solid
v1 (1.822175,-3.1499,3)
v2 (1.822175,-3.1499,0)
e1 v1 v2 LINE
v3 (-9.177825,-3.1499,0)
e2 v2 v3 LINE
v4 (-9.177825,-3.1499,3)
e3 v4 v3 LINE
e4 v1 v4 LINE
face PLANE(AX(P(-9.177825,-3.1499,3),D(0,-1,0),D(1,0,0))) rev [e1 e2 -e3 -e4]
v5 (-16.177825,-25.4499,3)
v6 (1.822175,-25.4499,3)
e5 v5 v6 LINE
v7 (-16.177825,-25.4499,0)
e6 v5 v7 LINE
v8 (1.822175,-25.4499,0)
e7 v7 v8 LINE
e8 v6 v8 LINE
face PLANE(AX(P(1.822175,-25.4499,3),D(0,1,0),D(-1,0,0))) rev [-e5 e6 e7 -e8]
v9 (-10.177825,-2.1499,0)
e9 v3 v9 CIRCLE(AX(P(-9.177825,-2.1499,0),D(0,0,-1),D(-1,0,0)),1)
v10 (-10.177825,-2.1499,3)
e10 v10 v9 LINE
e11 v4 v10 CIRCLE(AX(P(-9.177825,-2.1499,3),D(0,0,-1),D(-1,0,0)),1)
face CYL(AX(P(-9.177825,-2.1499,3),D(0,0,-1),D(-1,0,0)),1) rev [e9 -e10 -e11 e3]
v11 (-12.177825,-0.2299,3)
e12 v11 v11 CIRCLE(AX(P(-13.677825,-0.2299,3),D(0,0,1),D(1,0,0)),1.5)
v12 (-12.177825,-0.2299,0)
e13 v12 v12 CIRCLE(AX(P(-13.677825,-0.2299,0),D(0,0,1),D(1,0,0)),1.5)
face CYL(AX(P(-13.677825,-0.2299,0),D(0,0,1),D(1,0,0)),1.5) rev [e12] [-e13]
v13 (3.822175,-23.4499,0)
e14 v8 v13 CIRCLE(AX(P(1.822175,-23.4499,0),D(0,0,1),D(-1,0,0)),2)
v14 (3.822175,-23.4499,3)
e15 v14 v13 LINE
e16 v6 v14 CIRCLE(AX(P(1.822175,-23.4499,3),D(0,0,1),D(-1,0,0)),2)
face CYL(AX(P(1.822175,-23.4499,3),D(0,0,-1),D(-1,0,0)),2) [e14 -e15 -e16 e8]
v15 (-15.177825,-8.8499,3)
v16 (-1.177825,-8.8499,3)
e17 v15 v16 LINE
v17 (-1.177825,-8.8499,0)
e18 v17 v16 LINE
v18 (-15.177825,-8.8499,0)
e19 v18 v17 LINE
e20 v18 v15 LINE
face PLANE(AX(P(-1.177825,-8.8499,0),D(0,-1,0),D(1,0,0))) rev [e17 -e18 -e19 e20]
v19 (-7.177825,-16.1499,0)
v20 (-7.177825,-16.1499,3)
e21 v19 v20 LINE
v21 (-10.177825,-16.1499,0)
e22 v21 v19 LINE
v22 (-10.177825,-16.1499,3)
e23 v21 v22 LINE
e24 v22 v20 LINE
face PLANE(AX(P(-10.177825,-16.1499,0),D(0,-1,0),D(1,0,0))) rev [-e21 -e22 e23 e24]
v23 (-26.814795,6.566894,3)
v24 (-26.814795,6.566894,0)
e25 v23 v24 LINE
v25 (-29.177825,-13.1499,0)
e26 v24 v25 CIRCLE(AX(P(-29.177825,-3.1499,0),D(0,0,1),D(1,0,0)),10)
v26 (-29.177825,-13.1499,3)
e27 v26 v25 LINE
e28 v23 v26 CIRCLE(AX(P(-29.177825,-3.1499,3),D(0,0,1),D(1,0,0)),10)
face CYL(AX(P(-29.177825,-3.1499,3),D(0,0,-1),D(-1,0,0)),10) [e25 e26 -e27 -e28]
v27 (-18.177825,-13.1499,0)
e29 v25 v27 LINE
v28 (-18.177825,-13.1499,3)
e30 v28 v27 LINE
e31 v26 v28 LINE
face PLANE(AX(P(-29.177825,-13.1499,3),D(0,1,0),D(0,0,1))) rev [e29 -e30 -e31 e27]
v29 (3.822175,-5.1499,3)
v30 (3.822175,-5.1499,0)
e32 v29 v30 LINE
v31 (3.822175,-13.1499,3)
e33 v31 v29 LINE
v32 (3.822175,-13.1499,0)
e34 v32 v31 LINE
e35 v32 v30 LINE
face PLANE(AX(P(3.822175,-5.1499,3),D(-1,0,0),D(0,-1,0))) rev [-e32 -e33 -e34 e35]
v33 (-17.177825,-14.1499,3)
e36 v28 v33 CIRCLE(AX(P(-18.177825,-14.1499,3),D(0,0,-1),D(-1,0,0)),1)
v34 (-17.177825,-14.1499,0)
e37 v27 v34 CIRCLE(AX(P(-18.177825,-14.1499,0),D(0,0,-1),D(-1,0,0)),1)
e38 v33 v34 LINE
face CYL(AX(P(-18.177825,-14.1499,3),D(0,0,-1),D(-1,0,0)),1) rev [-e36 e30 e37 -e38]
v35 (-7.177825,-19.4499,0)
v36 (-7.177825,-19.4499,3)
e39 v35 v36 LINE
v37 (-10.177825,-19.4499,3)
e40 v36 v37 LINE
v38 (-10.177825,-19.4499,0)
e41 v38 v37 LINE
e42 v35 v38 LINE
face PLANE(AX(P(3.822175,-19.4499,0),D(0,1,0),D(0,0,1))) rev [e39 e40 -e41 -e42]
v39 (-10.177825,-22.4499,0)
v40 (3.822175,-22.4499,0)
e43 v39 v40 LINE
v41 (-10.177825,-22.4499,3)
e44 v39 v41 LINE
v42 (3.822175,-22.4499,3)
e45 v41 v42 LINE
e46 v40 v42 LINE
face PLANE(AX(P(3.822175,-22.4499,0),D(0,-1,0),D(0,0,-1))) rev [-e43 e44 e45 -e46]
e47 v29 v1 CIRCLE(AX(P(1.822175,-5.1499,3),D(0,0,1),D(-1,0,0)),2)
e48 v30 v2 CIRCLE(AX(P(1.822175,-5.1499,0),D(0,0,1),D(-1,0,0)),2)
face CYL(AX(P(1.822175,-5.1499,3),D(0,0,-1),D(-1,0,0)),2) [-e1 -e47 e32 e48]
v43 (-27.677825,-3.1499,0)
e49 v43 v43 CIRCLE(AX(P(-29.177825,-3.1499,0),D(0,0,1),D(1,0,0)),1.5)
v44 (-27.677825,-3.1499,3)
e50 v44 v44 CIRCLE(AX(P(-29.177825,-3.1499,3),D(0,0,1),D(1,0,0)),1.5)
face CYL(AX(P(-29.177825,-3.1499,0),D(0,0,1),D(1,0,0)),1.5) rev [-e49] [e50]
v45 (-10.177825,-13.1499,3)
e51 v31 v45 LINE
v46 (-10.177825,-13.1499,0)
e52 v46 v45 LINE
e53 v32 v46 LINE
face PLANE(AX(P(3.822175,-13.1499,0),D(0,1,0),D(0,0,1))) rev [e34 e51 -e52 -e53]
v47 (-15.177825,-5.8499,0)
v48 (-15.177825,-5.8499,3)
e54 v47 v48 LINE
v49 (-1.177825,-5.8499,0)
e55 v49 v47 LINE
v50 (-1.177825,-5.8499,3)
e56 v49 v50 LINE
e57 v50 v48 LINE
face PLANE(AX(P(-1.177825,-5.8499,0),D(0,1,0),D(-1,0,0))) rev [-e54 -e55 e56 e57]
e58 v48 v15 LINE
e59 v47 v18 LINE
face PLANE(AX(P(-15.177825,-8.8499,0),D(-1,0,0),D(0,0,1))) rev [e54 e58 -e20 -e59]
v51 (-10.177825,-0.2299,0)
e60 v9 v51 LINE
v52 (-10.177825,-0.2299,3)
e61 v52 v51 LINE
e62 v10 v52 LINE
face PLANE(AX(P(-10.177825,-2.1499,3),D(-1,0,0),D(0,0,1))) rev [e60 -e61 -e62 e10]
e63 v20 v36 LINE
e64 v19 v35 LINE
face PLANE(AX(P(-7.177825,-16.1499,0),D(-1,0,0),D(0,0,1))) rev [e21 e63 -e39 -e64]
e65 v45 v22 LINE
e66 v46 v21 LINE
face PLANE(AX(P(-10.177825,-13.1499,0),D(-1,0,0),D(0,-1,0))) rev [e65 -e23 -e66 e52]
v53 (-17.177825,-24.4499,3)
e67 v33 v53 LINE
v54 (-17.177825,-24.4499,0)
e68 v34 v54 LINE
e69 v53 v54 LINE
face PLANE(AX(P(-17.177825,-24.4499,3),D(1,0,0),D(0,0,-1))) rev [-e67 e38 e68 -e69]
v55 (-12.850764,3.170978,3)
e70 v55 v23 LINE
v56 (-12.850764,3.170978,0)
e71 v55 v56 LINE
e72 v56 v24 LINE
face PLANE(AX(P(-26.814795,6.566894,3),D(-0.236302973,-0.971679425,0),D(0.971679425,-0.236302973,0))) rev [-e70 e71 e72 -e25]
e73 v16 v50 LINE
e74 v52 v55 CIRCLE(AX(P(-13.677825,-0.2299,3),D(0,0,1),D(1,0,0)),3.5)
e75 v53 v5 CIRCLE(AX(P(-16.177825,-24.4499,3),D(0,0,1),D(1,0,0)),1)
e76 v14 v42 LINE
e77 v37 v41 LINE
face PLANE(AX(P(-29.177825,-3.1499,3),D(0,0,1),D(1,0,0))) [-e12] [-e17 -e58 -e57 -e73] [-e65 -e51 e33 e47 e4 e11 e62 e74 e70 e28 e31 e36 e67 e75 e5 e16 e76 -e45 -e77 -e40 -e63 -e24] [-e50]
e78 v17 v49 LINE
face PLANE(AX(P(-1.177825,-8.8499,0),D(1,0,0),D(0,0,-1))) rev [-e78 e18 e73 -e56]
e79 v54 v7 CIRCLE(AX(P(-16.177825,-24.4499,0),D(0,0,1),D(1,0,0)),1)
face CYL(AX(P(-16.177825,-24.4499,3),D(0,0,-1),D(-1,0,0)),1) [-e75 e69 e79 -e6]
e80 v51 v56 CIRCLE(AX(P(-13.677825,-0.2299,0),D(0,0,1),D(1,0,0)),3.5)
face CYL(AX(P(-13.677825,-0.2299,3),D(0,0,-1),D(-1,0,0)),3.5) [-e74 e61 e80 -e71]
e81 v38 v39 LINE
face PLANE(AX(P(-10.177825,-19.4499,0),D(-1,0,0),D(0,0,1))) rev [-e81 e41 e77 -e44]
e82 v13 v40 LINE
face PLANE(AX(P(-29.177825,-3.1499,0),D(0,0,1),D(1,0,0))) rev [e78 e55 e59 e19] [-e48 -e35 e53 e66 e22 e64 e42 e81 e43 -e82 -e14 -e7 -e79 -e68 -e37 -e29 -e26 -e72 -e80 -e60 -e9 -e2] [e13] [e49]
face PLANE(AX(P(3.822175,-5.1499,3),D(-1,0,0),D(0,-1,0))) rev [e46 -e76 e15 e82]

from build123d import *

# Parameters (mm, degrees)
BOSS_EXTRUDE1_DEPTH = 3
SKETCH2_R           = 1.5
CUT_EXTRUDE1_DEPTH  = 3
SKETCH3_W           = 14
SKETCH3_H           = 3
CUT_EXTRUDE2_DEPTH  = 3
SKETCH6_R           = 1.5
CUT_EXTRUDE5_DEPTH  = 3
SKETCH7_W           = 11
SKETCH7_H           = 3.3
CUT_EXTRUDE6_DEPTH  = 3


with BuildPart() as part:
    # Sketch1 → Boss-Extrude1 (new body)
    with BuildSketch(Plane.XY):
        with BuildLine():
            Line((3.822175283, -5.149900319), (3.822175283, -23.449900319))
            ThreePointArc((3.822175283, -23.449900319), (3.236388845, -24.864113882), (1.822175283, -25.449900319))
            Line((1.822175283, -25.449900319), (-16.177824717, -25.449900319))
            ThreePointArc((-16.177824717, -25.449900319), (-16.884931499, -25.157007101), (-17.177824717, -24.449900319))
            Line((-17.177824717, -24.449900319), (-17.177824717, -14.149900319))
            ThreePointArc((-17.177824717, -14.149900319), (-17.470717936, -13.442793538), (-18.177824717, -13.149900319))
            Line((-18.177824717, -13.149900319), (-29.177824717, -13.149900319))
            ThreePointArc((-29.177824717, -13.149900319), (-39.106770847, -1.959930257), (-26.814794989, 6.566893931))
            Line((-26.814794989, 6.566893931), (-12.850764313, 3.170977668))
            ThreePointArc((-12.850764313, 3.170977668), (-10.926033354, 1.932885914), (-10.177824717, -0.229900319))
            Line((-10.177824717, -0.229900319), (-10.177824717, -2.149900319))
            ThreePointArc((-10.177824717, -2.149900319), (-9.884931499, -2.857007101), (-9.177824717, -3.149900319))
            Line((-9.177824717, -3.149900319), (1.822175283, -3.149900319))
            ThreePointArc((1.822175283, -3.149900319), (3.236388845, -3.735686757), (3.822175283, -5.149900319))
        make_face()
    extrude(amount=BOSS_EXTRUDE1_DEPTH)

    # Sketch2 → Cut-Extrude1 (cut)
    with BuildSketch(Plane.XY.offset(3)):
        with Locations((-29.177824717, -3.149900319)):
            Circle(SKETCH2_R)
    extrude(amount=-CUT_EXTRUDE1_DEPTH, mode=Mode.SUBTRACT)

    # Sketch3 → Cut-Extrude2 (cut)
    with BuildSketch(Plane.XY.offset(3)):
        with Locations((-8.177824717, -7.349900319)):
            Rectangle(SKETCH3_W, SKETCH3_H)
        with Locations((-3.177824717, -14.649900319)):
            Rectangle(SKETCH3_W, SKETCH3_H)
        with Locations((-3.177824717, -20.949900319)):
            Rectangle(SKETCH3_W, SKETCH3_H)
    extrude(amount=-CUT_EXTRUDE2_DEPTH, mode=Mode.SUBTRACT)

    # Sketch6 → Cut-Extrude5 (cut)
    with BuildSketch(Plane.XY.offset(3)):
        with Locations((-13.677824717, -0.229900319)):
            Circle(SKETCH6_R)
    extrude(amount=-CUT_EXTRUDE5_DEPTH, mode=Mode.SUBTRACT)

    # Sketch7 → Cut-Extrude6 (cut)
    with BuildSketch(Plane.XY.offset(3)):
        with Locations((-1.677824717, -17.799900319)):
            Rectangle(SKETCH7_W, SKETCH7_H)
    extrude(amount=-CUT_EXTRUDE6_DEPTH, mode=Mode.SUBTRACT)


solid = part.part
